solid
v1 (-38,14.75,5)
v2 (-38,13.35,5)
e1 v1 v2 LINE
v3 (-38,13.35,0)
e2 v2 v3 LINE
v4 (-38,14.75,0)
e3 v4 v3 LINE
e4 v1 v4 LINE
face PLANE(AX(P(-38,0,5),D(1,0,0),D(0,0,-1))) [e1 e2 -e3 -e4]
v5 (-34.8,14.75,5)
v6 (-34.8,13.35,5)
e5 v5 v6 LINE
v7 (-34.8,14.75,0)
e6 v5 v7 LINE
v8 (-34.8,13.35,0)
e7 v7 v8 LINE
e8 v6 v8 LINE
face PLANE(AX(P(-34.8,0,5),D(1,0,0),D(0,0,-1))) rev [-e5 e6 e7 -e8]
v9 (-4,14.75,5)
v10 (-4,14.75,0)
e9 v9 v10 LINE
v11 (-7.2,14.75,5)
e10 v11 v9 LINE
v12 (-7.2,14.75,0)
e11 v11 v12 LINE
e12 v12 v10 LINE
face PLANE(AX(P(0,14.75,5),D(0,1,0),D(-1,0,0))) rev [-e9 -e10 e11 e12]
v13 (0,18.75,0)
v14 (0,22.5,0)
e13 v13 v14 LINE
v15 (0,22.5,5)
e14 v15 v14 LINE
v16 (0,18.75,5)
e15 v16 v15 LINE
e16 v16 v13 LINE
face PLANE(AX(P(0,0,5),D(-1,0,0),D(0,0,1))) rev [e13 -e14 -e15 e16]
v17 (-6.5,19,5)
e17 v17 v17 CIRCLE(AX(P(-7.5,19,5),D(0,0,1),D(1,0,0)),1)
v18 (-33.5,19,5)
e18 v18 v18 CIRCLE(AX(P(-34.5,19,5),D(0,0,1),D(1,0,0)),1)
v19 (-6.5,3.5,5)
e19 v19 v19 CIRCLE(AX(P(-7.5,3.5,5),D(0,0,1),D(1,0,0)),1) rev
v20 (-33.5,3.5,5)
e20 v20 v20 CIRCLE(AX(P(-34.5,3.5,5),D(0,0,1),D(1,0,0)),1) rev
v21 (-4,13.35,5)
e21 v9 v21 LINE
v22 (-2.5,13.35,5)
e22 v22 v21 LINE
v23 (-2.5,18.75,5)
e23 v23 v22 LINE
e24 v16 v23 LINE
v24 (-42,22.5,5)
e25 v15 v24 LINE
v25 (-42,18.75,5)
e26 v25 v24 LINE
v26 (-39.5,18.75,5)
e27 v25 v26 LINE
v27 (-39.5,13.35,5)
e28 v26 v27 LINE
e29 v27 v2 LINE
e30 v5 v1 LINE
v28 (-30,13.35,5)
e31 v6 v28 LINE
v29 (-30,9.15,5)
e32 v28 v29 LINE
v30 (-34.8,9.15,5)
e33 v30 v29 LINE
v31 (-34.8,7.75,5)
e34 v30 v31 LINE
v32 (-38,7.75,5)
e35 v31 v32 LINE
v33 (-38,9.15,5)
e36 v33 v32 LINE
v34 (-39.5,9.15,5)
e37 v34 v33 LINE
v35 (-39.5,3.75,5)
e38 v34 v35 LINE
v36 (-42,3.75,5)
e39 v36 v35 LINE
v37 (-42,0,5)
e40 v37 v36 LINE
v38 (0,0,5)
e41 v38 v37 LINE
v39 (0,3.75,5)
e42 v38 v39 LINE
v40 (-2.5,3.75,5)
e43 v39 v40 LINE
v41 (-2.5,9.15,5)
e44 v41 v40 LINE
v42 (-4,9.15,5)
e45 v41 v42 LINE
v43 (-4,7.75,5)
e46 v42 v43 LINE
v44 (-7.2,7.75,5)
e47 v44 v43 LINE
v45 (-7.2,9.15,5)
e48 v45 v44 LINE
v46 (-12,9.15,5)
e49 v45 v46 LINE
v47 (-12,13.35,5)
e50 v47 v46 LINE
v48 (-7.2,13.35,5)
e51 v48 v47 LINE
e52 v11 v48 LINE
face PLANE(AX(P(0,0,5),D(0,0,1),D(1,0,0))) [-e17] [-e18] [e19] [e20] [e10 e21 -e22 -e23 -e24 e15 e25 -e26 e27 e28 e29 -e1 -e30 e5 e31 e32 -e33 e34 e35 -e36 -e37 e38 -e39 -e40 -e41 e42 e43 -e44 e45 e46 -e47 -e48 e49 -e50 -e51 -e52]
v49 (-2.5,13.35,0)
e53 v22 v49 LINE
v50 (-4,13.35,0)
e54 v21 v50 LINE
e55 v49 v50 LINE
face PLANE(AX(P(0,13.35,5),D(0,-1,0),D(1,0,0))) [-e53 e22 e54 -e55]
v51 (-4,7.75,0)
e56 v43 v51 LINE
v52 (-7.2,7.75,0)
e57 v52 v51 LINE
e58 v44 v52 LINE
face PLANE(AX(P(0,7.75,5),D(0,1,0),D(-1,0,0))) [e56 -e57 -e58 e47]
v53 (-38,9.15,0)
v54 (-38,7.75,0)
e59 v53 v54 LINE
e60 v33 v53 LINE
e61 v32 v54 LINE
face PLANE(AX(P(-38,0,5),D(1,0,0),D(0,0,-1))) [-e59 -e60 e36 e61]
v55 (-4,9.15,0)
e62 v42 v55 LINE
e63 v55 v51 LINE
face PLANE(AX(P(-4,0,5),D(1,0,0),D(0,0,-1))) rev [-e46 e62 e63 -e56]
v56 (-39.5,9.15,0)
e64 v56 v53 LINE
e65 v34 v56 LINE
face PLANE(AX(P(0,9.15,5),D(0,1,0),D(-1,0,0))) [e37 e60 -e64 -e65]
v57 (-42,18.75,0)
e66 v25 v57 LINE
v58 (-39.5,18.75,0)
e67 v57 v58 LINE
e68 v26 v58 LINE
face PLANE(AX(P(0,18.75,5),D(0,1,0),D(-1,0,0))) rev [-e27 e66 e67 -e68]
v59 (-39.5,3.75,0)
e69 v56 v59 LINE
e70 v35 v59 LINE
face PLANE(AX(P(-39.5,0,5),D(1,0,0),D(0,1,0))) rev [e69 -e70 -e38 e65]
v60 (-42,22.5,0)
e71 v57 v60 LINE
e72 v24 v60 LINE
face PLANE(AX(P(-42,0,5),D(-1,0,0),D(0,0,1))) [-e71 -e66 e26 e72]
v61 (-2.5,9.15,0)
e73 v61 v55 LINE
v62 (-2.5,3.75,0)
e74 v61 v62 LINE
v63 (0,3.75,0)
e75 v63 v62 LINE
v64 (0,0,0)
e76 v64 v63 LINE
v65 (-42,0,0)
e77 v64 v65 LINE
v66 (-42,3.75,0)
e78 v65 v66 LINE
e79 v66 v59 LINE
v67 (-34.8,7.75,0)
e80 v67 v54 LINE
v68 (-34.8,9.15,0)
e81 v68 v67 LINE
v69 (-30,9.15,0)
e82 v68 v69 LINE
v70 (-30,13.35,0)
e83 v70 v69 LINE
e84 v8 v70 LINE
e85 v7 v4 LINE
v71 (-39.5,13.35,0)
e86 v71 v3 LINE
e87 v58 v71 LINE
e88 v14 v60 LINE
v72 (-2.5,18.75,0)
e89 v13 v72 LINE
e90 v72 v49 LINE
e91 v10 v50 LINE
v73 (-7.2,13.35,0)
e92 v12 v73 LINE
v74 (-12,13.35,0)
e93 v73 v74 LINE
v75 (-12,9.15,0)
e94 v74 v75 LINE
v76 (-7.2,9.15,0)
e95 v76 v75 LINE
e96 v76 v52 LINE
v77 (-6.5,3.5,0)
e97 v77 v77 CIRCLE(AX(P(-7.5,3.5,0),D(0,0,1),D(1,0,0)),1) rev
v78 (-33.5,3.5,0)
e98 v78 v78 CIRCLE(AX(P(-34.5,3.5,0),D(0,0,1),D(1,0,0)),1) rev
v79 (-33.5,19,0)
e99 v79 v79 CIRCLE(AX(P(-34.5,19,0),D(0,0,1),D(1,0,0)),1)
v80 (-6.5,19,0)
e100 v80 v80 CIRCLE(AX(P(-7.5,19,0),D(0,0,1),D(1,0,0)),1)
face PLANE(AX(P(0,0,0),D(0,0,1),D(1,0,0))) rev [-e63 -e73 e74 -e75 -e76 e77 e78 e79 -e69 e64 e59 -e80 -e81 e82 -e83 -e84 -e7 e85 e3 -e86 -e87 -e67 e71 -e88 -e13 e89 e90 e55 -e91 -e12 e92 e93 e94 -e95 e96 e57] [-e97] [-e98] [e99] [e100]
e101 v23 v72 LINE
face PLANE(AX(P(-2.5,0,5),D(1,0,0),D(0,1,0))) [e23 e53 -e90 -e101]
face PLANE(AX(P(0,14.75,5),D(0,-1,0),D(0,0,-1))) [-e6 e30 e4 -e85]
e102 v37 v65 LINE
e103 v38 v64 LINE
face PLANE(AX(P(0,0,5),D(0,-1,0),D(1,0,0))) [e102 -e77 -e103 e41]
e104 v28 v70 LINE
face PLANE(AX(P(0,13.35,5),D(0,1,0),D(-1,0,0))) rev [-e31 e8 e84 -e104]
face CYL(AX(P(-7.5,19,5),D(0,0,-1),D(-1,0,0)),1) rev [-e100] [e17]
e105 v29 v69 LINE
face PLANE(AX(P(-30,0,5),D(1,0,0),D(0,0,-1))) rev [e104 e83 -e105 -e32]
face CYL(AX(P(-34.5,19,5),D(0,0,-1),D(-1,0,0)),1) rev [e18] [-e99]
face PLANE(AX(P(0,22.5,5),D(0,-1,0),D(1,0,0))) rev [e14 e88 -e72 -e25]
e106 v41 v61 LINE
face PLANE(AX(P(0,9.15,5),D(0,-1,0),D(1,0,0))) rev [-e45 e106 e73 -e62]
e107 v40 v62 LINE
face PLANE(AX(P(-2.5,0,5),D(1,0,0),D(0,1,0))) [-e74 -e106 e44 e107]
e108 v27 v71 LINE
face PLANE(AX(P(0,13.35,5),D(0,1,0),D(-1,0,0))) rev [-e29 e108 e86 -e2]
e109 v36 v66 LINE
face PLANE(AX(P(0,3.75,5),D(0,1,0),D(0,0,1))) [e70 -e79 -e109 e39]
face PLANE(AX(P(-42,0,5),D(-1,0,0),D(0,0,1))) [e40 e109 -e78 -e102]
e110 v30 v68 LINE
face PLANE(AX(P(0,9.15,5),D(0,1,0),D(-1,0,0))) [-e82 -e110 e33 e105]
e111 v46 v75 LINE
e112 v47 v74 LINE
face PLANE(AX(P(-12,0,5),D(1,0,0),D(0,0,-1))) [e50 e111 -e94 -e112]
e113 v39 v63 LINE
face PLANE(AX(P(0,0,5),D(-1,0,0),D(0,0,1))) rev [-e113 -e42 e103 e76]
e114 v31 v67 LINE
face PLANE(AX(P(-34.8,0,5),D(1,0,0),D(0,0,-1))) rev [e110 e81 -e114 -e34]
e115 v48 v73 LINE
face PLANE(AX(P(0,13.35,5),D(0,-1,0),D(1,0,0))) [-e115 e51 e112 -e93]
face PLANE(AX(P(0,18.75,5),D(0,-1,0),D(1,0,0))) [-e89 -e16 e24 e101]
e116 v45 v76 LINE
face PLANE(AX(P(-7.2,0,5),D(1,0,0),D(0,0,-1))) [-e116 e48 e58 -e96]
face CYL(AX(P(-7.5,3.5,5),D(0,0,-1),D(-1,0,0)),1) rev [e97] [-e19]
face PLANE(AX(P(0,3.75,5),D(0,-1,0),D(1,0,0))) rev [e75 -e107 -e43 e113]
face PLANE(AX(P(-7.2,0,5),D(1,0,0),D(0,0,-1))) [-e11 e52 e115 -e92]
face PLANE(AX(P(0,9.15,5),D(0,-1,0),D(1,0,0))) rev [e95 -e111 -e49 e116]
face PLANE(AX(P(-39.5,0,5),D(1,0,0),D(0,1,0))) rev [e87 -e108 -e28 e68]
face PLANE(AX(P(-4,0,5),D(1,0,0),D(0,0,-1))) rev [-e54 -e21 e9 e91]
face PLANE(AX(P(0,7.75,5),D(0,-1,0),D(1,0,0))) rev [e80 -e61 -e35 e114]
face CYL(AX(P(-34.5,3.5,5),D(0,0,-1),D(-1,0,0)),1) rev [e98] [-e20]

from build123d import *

# Parameters (mm, degrees)
ESQUISSE1_R        = 1
BOSS_EXTRU_1_DEPTH = 5


with BuildPart() as part:
    # Esquisse1 → Boss.-Extru.1 (new body)
    with BuildSketch(Plane.XY):
        Polygon((-7.2, 14.75), (-4, 14.75), (-4, 13.35), (-2.5, 13.35), (-2.5, 18.75), (0, 18.75), (0, 22.5), (-42, 22.5), (-42, 18.75), (-39.5, 18.75), (-39.5, 13.35), (-38, 13.35), (-38, 14.75), (-34.8, 14.75), (-34.8, 13.35), (-30, 13.35), (-30, 9.15), (-34.8, 9.15), (-34.8, 7.75), (-38, 7.75), (-38, 9.15), (-39.5, 9.15), (-39.5, 3.75), (-42, 3.75), (-42, 0), (0, 0), (0, 3.75), (-2.5, 3.75), (-2.5, 9.15), (-4, 9.15), (-4, 7.75), (-7.2, 7.75), (-7.2, 9.15), (-12, 9.15), (-12, 13.35), (-7.2, 13.35), align=None)
        with Locations((-34.5, 3.5)):
            Circle(ESQUISSE1_R, mode=Mode.SUBTRACT)
        with Locations((-7.5, 3.5)):
            Circle(ESQUISSE1_R, mode=Mode.SUBTRACT)
        with Locations((-34.5, 19)):
            Circle(ESQUISSE1_R, mode=Mode.SUBTRACT)
        with Locations((-7.5, 19)):
            Circle(ESQUISSE1_R, mode=Mode.SUBTRACT)
    extrude(amount=BOSS_EXTRU_1_DEPTH)


solid = part.part
